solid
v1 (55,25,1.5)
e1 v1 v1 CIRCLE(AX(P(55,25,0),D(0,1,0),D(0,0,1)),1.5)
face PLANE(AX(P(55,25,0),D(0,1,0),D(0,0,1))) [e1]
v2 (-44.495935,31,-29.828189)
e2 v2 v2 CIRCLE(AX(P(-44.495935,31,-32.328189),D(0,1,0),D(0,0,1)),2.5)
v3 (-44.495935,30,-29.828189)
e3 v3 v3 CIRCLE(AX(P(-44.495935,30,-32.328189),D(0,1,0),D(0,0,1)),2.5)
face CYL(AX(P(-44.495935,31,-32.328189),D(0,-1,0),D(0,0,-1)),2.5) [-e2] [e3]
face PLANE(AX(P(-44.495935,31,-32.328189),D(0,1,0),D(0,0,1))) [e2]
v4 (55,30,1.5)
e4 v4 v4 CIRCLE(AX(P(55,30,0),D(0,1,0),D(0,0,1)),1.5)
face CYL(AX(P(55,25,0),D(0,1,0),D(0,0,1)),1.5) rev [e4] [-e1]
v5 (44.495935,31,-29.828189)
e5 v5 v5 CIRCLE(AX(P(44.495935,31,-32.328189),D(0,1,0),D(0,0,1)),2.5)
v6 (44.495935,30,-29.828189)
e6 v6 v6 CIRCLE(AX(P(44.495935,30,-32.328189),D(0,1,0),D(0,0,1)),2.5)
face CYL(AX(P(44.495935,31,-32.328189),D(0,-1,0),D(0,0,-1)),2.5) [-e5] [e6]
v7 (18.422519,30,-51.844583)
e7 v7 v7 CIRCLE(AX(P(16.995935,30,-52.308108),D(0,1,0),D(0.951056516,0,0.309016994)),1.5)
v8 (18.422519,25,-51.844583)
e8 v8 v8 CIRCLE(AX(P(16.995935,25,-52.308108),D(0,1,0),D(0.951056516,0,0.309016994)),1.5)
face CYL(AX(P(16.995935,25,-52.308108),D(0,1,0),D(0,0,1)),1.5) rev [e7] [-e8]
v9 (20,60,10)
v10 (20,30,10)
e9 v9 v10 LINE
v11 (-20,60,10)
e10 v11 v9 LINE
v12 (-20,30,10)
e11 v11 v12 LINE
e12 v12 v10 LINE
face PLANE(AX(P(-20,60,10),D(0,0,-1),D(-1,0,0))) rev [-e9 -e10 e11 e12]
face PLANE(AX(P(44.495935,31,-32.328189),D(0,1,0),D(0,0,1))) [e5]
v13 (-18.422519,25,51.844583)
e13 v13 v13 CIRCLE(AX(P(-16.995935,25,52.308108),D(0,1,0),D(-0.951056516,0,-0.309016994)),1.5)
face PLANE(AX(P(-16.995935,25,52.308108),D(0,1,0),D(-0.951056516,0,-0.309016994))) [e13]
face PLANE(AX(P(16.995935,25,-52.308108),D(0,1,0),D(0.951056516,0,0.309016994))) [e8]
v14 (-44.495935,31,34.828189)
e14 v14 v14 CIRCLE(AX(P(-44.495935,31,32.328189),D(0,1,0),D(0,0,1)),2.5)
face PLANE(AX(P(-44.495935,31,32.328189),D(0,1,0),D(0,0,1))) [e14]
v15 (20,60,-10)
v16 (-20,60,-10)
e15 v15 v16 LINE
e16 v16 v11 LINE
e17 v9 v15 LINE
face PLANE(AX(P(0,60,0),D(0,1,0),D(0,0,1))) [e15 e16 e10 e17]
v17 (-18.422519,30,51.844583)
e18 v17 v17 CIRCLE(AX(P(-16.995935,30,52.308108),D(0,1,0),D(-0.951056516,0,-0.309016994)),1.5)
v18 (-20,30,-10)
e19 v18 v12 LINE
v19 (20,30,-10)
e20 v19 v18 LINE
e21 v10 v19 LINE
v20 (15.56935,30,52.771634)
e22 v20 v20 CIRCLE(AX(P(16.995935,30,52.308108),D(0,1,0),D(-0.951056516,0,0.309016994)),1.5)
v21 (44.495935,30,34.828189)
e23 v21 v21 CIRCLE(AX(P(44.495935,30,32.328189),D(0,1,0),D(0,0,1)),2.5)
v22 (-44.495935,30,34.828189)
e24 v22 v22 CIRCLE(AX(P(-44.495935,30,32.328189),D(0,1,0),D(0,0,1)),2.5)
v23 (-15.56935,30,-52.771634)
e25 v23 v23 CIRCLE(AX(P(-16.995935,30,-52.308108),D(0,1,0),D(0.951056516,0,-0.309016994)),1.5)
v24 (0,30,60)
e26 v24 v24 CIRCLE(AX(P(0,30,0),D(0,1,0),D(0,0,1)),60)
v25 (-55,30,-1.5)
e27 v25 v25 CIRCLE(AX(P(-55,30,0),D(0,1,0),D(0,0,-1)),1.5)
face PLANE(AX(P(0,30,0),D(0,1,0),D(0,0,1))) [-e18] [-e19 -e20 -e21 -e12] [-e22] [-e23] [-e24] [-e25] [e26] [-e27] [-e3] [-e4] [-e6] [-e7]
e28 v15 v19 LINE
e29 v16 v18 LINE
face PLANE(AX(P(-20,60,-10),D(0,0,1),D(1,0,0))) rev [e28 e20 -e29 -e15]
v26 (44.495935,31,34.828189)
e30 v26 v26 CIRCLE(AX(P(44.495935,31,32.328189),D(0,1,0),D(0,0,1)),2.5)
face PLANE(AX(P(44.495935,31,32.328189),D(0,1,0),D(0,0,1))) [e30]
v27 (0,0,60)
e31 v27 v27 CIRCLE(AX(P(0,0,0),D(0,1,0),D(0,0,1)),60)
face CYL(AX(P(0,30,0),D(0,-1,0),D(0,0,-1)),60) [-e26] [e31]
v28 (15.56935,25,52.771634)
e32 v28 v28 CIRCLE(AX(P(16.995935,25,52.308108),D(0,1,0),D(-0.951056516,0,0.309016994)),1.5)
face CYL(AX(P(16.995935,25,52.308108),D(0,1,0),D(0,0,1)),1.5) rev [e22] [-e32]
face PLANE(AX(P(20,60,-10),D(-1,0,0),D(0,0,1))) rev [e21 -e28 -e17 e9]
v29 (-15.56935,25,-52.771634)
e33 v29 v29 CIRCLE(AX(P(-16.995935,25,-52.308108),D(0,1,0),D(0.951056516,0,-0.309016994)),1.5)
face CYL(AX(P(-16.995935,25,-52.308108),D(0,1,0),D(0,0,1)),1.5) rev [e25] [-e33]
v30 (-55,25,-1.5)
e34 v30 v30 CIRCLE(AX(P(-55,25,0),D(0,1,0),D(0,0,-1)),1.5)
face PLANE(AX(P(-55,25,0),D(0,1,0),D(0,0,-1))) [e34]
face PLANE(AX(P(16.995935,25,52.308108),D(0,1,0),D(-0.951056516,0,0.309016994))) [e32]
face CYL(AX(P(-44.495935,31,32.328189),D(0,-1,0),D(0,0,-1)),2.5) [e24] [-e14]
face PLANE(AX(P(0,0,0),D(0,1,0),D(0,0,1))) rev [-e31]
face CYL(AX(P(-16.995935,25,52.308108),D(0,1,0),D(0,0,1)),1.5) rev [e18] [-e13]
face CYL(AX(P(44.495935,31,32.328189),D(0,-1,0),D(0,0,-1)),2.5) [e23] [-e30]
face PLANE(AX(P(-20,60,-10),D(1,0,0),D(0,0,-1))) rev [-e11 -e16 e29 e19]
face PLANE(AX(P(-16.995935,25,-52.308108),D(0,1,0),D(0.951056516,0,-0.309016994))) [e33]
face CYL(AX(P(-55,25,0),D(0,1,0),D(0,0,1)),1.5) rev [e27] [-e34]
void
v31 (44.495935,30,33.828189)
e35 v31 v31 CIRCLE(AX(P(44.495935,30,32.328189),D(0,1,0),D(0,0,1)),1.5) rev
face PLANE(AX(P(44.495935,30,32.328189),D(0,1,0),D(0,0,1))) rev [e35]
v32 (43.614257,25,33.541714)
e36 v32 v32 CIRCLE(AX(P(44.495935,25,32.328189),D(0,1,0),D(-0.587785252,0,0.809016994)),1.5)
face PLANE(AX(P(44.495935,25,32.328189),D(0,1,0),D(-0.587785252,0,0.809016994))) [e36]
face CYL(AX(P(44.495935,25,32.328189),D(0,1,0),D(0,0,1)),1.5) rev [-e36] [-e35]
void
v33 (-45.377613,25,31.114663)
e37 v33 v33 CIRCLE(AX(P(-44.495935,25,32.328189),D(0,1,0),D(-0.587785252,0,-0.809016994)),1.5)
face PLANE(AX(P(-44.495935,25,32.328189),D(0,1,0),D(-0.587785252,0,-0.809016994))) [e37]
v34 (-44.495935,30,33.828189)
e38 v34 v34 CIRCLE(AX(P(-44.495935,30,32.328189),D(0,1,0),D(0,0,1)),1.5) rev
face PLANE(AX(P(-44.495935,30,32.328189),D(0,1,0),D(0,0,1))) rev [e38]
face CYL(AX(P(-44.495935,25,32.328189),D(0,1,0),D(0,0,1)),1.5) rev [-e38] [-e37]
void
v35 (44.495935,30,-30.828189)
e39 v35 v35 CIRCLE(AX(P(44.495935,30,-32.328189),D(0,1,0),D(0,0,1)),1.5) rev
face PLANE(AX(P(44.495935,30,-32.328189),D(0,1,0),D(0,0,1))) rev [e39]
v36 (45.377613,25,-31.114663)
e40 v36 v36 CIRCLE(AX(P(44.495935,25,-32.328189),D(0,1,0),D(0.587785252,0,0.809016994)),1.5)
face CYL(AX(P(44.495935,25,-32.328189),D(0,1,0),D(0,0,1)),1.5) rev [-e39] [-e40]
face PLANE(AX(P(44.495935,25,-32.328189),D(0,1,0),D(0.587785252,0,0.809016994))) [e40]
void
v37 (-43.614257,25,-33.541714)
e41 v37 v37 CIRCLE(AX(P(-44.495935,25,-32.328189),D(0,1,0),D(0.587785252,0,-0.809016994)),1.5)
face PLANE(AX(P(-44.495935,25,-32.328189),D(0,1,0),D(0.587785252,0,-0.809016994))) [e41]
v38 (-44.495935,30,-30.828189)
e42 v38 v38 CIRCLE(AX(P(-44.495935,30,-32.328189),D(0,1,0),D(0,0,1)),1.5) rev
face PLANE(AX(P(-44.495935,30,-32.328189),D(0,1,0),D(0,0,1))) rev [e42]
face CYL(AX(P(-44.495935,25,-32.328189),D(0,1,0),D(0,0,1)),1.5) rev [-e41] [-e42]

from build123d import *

# Parameters (mm, degrees)
SKETCH_1_R               = 60
EXTRUDE_1_DEPTH          = 30
SKETCH_2_R               = 1.5
CUT_EXTRUDE_1_DEPTH      = 5
PATTERN_CIRCULAR_1_COUNT = 10
SKETCH_3_W               = 40
SKETCH_3_H               = 20
EXTRUDE_2_DEPTH          = 30
SKETCH_5_R               = 2.5
EXTRUDE_4_DEPTH          = 1


with BuildPart() as part:
    # 草图1 → 凸台-拉伸1 (new body)
    with BuildSketch(Plane(origin=(0, 0, 0), x_dir=(1, 0, 0), z_dir=(0, 1, 0))):
        with Locations(Location((0, 0, 0), (0, 0, 270))):
            Circle(SKETCH_1_R)
    extrude(amount=EXTRUDE_1_DEPTH)

    # 草图2 → 切除-拉伸1 (cut)
    with BuildSketch(Plane(origin=(0, 30, 0), x_dir=(1, 0, 0), z_dir=(0, 1, 0))):
        with Locations(Location((55, 0, 0), (0, 0, 270))):
            Circle(SKETCH_2_R)
    cut_extrude_1 = extrude(amount=-CUT_EXTRUDE_1_DEPTH, mode=Mode.SUBTRACT)

    # 阵列(圆周)1: 切除-拉伸1 ×10 about axis
    pattern_circular_1_axis = Axis((0, 0, 0), (0, 1, 0))
    for i in range(1, PATTERN_CIRCULAR_1_COUNT):
        add(cut_extrude_1.rotate(pattern_circular_1_axis, i * 360 / PATTERN_CIRCULAR_1_COUNT), mode=Mode.SUBTRACT)

    # 草图3 → 凸台-拉伸2 (add)
    with BuildSketch(Plane(origin=(0, 30, 0), x_dir=(1, 0, 0), z_dir=(0, 1, 0))):
        Rectangle(SKETCH_3_W, SKETCH_3_H)
    extrude(amount=EXTRUDE_2_DEPTH)

    # 草图5 → 凸台-拉伸4 (add)
    with BuildSketch(Plane(origin=(0, 30, 0), x_dir=(1, 0, 0), z_dir=(0, 1, 0))):
        with Locations(Location((-44.495934691, 32.328188876, 0), (0, 0, 270))):
            Circle(SKETCH_5_R)
        with Locations(Location((44.495934691, -32.328188876, 0), (0, 0, 270))):
            Circle(SKETCH_5_R)
        with Locations(Location((44.495934691, 32.328188876, 0), (0, 0, 270))):
            Circle(SKETCH_5_R)
        with Locations(Location((-44.495934691, -32.328188876, 0), (0, 0, 270))):
            Circle(SKETCH_5_R)
    extrude(amount=EXTRUDE_4_DEPTH)


solid = part.part
